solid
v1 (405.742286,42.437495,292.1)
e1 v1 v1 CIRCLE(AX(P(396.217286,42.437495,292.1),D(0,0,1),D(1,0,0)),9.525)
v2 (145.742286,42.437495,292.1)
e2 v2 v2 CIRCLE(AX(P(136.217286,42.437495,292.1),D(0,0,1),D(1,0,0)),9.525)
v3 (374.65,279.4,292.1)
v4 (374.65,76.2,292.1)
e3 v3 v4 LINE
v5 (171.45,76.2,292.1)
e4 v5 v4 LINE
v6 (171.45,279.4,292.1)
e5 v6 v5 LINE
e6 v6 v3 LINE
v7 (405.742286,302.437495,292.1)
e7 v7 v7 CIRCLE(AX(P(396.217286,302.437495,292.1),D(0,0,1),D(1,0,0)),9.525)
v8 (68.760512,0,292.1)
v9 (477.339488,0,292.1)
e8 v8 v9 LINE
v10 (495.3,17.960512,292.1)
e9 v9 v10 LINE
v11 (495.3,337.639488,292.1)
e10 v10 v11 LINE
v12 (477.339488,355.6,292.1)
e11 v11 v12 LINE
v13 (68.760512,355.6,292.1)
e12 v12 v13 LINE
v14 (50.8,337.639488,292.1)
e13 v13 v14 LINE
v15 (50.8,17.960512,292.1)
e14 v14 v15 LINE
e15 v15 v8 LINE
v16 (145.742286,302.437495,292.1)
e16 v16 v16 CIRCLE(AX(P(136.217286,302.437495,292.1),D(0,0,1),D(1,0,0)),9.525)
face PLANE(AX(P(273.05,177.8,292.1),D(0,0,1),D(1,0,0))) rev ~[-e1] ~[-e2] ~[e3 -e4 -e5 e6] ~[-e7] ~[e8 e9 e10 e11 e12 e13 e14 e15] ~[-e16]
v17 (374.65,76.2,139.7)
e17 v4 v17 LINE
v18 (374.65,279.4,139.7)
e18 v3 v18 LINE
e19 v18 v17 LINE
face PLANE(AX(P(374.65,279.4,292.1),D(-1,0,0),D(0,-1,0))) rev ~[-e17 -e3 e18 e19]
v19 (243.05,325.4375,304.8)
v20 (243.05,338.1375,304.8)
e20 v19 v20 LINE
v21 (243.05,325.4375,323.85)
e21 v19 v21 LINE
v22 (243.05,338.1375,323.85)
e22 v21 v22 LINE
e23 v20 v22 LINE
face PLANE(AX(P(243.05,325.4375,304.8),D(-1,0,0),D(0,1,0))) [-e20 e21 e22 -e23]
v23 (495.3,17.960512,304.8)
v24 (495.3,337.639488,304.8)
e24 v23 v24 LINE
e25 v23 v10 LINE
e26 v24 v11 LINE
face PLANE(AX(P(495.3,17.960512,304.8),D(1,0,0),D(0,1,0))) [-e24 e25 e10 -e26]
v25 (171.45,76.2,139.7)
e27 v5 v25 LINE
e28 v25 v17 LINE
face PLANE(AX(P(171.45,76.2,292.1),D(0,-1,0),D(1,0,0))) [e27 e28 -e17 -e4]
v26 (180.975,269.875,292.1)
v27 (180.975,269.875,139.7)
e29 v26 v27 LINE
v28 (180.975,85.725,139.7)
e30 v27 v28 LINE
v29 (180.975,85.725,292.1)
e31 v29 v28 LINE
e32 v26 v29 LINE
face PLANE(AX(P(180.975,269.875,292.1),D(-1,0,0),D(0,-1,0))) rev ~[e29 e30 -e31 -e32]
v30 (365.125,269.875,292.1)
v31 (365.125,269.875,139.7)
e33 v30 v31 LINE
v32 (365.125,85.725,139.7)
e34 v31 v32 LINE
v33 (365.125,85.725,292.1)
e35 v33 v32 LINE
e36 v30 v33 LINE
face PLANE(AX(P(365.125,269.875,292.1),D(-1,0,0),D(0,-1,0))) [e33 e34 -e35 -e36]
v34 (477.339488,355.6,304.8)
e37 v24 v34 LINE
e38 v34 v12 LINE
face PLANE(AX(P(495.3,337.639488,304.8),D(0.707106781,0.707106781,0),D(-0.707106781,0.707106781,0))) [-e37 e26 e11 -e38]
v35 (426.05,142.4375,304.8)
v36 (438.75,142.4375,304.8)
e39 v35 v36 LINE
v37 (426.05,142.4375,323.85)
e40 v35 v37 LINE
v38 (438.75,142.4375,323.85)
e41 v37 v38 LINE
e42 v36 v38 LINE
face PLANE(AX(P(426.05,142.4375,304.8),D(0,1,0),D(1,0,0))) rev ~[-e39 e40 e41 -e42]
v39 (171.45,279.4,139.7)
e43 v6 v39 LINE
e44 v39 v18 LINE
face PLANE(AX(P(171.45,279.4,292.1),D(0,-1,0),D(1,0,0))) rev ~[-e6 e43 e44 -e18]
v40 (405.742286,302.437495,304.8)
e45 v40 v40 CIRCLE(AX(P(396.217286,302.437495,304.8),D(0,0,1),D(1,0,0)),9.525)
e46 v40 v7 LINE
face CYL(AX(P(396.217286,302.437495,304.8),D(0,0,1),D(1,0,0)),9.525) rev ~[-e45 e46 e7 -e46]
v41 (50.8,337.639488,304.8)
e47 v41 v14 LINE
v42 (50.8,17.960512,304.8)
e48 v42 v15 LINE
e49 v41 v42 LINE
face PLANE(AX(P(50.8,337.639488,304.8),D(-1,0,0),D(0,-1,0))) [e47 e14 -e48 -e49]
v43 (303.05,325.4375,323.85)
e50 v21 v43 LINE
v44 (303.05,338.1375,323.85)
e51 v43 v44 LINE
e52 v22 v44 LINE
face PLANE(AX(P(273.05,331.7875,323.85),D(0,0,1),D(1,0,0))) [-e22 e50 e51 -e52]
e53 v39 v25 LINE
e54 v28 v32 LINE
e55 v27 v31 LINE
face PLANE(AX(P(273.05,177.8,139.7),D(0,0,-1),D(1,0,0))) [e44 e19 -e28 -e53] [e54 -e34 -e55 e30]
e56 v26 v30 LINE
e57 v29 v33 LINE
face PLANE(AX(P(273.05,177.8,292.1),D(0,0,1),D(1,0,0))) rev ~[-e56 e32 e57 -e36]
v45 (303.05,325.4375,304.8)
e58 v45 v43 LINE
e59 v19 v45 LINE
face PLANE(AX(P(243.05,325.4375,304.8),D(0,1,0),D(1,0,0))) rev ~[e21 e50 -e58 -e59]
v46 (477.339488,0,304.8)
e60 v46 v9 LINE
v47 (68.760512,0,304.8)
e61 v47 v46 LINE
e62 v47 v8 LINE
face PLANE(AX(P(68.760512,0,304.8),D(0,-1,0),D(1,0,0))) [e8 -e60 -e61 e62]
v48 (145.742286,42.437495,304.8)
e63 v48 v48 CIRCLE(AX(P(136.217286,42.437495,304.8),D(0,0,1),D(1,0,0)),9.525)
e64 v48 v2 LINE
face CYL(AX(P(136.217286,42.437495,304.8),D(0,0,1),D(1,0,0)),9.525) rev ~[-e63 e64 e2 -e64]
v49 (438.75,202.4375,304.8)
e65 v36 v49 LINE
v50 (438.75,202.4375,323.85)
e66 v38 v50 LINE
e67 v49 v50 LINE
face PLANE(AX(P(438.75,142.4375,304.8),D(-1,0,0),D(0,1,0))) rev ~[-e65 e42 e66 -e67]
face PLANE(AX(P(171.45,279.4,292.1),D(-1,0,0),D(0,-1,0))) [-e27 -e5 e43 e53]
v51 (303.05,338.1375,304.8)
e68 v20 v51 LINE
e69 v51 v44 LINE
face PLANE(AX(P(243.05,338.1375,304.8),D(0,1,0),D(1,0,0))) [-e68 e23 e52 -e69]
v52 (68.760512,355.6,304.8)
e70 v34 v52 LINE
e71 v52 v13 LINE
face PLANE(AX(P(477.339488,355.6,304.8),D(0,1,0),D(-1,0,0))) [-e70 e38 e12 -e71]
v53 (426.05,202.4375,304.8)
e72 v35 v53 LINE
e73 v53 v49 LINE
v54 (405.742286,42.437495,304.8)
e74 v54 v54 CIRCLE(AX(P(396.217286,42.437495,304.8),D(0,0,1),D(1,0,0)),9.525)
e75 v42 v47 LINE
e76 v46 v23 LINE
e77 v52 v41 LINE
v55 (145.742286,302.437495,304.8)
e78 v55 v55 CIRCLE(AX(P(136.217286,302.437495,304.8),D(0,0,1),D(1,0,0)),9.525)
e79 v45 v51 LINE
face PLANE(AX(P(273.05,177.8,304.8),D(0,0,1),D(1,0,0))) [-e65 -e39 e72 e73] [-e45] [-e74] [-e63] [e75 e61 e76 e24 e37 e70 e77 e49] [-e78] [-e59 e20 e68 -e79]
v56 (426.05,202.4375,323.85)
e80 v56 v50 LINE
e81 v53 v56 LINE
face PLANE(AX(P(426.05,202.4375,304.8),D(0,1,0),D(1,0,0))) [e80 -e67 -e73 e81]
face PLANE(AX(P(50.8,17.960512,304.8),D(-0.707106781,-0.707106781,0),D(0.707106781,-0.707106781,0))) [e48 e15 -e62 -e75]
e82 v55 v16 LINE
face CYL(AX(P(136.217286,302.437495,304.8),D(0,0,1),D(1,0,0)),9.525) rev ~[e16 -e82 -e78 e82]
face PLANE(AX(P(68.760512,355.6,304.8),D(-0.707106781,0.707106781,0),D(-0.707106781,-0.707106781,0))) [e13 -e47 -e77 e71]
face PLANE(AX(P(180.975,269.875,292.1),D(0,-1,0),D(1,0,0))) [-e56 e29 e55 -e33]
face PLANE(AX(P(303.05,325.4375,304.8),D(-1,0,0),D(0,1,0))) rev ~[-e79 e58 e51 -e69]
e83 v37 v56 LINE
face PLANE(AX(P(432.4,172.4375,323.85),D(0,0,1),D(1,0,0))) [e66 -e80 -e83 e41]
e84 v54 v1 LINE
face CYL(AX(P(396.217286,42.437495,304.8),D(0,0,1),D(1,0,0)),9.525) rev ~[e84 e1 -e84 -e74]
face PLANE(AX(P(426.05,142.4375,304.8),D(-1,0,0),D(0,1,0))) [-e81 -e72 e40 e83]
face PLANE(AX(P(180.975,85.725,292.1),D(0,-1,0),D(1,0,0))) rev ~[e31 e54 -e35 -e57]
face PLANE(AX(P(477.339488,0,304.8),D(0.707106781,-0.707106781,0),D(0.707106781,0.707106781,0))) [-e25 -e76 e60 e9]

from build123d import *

# Parameters (mm, degrees)
F2_DEPTH = 12.7
F3_R     = 9.525
F4_DEPTH = 12.7
F5_W     = 60
F5_H     = 12.7
F5_W_2   = 12.7
F5_H_2   = 60
F6_DEPTH = 19.05
F7_W     = 203.2
F7_H     = 203.2
F7_W_2   = 184.15
F7_H_2   = 184.15
F8_DEPTH = 152.4


with BuildPart() as f2:
    # F1 (on offset) → F2 (new body)
    with BuildSketch(Plane.XY.offset(304.8)):
        Polygon((50.8, 17.960512), (68.760512, 0), (477.339488, 0), (495.3, 17.960512), (495.3, 337.639488), (477.339488, 355.6), (68.760512, 355.6), (50.8, 337.639488), align=None)
    extrude(amount=-F2_DEPTH)

    # F3 (on face) → F4 (cut)
    with BuildSketch(Plane.XY.offset(304.8)):
        with Locations((396.217286, 302.437495)):
            Circle(F3_R)
        with Locations((396.217286, 42.437495)):
            Circle(F3_R)
        with Locations((136.217286, 302.437495)):
            Circle(F3_R)
        with Locations((136.217286, 42.437495)):
            Circle(F3_R)
    extrude(amount=-F4_DEPTH, mode=Mode.SUBTRACT)

    # F5 (on face) → F6 (join)
    with BuildSketch(Plane.XY.offset(304.8)):
        with Locations((273.05, 331.7875)):
            Rectangle(F5_W, F5_H)
        with Locations((432.4, 172.4375)):
            Rectangle(F5_W_2, F5_H_2)
    extrude(amount=F6_DEPTH)

    # F7 (on face) → F8 (join)
    with BuildSketch(Plane(origin=(0, 0, 292.1), x_dir=(1, 0, 0), z_dir=(0, 0, -1))):
        with Locations((273.05, -177.8)):
            Rectangle(F7_W, F7_H)
        with Locations((273.05, -177.8)):
            Rectangle(F7_W_2, F7_H_2, mode=Mode.SUBTRACT)
    extrude(amount=F8_DEPTH)


solid = f2.part
